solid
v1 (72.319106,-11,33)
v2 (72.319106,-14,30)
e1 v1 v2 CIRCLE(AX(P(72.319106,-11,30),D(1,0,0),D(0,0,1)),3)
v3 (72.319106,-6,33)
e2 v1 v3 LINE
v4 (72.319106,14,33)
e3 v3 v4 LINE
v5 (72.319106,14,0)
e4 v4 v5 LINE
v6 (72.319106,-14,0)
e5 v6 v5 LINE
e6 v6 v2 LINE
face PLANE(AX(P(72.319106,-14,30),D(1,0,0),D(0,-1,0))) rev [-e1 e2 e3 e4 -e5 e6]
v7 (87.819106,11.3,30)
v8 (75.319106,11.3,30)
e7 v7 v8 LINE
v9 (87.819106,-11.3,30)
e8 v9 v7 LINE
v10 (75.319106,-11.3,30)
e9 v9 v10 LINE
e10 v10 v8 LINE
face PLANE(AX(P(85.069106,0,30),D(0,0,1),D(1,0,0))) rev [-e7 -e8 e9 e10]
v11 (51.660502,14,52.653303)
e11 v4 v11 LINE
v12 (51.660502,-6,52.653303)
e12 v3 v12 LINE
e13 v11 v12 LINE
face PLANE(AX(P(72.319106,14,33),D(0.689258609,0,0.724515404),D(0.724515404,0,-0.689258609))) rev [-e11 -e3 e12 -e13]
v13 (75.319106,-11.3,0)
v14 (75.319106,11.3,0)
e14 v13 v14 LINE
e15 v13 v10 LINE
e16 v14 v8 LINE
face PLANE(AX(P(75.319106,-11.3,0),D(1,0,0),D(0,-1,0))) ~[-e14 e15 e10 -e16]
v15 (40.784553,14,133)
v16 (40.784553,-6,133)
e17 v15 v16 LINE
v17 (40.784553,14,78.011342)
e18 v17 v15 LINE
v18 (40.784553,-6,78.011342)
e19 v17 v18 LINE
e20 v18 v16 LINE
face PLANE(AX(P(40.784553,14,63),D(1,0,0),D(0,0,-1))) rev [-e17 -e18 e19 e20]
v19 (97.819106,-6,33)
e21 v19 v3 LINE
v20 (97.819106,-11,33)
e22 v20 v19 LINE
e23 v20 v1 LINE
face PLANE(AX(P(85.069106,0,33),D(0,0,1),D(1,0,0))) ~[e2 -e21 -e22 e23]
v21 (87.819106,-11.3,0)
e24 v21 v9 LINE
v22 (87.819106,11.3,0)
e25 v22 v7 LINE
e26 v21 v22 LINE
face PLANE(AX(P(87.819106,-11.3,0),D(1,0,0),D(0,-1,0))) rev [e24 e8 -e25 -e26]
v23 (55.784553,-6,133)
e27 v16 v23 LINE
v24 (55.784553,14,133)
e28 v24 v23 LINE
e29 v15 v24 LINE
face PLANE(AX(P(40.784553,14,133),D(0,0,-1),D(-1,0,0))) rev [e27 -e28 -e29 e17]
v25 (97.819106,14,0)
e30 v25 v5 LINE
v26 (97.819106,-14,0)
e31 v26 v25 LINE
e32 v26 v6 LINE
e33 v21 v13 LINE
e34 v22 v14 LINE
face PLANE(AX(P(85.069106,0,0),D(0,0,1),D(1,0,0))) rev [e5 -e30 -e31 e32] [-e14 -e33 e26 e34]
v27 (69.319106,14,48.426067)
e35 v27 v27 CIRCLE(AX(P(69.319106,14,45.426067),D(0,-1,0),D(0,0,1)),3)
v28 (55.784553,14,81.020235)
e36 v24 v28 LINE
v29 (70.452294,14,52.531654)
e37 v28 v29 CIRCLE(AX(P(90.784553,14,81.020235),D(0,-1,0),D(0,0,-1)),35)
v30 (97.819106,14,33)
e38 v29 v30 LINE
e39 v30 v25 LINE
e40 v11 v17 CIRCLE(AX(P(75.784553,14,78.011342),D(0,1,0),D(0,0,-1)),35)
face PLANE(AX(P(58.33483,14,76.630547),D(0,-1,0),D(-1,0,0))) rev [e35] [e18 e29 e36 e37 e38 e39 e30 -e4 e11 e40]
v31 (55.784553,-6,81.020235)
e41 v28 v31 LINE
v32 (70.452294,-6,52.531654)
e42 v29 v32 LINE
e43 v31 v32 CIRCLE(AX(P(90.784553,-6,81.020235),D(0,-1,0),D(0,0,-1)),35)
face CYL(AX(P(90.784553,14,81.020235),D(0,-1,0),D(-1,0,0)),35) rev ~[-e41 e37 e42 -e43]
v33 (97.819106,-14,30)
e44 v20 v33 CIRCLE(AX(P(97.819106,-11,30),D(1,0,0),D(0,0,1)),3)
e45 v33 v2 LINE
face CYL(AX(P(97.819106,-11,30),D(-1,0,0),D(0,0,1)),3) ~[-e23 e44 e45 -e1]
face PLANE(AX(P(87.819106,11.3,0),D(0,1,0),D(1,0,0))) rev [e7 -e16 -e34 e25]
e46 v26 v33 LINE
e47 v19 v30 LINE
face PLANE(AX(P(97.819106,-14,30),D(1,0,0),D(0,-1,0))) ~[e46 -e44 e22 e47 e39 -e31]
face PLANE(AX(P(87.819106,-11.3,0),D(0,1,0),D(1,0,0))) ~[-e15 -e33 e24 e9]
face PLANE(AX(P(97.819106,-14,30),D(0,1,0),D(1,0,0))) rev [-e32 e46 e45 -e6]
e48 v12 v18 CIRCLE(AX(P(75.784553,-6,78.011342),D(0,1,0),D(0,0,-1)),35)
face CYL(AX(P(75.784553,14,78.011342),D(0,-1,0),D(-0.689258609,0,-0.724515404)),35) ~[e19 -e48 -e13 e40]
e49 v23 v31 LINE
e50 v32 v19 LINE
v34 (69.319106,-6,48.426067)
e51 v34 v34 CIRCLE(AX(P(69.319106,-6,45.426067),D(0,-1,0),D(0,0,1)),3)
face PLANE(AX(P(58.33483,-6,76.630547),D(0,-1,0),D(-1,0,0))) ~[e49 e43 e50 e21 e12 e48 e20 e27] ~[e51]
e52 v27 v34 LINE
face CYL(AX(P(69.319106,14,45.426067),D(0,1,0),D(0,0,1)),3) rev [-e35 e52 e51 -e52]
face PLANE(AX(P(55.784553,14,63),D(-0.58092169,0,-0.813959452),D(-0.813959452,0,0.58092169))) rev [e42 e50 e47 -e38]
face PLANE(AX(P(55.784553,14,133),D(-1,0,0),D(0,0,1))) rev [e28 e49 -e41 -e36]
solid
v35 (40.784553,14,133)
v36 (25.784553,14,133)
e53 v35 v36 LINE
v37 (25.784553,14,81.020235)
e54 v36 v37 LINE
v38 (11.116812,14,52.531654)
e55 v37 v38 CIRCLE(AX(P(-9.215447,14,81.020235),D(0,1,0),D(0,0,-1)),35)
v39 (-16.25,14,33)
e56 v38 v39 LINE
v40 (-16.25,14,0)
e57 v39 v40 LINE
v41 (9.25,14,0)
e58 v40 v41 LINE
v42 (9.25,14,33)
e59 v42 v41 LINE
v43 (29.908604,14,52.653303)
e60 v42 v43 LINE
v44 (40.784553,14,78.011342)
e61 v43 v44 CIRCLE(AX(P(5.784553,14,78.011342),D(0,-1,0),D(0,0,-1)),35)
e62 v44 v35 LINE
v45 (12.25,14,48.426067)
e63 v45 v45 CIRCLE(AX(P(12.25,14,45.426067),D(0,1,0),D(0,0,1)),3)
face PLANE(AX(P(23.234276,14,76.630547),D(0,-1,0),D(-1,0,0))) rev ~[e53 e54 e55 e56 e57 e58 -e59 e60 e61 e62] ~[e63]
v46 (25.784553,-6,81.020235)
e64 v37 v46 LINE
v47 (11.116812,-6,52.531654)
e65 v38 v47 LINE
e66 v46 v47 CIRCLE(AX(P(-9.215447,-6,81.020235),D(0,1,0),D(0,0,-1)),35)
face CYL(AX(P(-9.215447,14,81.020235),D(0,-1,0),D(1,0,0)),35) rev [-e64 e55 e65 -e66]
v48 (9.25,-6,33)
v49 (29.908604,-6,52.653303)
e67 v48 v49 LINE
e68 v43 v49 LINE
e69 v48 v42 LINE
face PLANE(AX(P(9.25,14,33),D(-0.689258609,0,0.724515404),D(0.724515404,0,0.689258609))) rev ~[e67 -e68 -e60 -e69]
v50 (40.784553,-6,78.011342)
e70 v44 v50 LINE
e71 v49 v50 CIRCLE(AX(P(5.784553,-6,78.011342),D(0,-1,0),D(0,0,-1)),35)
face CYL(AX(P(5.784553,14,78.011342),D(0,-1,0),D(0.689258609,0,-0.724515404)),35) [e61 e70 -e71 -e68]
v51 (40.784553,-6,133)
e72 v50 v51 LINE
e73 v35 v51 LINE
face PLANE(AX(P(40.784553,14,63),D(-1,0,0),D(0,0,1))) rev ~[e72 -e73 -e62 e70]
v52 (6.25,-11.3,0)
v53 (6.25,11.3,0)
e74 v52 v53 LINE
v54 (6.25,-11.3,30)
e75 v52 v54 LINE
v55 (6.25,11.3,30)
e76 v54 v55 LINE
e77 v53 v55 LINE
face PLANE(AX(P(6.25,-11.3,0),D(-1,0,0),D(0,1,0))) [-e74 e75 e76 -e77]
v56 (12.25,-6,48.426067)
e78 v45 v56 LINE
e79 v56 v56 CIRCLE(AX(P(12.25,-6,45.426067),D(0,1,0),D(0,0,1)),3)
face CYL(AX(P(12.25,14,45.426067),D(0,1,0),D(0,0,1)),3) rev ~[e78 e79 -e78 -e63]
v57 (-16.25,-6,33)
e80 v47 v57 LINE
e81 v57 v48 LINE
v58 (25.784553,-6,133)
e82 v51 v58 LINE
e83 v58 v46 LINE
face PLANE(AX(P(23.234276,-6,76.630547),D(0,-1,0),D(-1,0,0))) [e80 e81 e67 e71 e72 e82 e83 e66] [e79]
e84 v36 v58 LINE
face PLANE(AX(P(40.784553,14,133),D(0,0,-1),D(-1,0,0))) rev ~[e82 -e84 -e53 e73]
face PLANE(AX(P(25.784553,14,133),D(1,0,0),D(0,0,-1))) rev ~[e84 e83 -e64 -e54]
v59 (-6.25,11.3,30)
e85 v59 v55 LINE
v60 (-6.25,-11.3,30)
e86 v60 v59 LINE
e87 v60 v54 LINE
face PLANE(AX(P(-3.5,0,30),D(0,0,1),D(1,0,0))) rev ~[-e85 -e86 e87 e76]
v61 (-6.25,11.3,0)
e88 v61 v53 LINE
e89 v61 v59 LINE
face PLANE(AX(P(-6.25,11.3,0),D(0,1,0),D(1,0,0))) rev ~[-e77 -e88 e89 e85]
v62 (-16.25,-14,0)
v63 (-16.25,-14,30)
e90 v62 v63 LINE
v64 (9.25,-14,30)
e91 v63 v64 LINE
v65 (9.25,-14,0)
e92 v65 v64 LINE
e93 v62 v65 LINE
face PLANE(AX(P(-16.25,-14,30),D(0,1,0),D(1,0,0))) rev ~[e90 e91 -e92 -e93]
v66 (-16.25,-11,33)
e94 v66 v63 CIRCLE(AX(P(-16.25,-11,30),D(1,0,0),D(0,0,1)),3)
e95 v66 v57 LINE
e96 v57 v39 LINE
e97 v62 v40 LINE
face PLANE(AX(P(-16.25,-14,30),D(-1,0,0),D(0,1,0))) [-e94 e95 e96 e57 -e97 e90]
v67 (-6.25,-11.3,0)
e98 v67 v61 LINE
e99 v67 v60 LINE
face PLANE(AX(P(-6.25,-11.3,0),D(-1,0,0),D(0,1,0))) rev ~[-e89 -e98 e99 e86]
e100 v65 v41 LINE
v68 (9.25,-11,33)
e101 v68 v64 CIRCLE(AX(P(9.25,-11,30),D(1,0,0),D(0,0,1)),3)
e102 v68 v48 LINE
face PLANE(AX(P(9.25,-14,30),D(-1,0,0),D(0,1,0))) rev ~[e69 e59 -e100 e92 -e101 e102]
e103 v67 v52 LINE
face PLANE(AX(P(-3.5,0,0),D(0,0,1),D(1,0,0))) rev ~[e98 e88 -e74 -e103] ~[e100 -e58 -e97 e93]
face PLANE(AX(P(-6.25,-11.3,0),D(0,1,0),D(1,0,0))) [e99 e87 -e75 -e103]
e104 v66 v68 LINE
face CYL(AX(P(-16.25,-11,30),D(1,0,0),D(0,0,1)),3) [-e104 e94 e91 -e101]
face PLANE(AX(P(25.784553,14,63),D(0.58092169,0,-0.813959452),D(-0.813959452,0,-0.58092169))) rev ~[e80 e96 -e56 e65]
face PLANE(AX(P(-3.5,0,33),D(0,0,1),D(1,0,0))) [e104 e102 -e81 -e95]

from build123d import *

# Parameters (mm, degrees)
SKETCH_1_W          = 25.5
SKETCH_1_H          = 28
SKETCH_1_W_2        = 12.5
SKETCH_1_H_2        = 22.6
EXTRUDE_1_DEPTH     = 30
SKETCH_2_W          = 25.5
SKETCH_2_H          = 28
EXTRUDE_2_DEPTH     = 3
EXTRUDE_4_DEPTH     = 20
FILLET_5_R          = 3
FILLET_7_R          = 35
SKETCH_8_R          = 3
CUT_EXTRUDE_1_DEPTH = 30


with BuildPart() as part:
    # 스케치1 → 보스-돌출1 (new body)
    with BuildSketch(Plane.XY):
        with Locations((-3.5, 0)):
            Rectangle(SKETCH_1_W, SKETCH_1_H)
        Rectangle(SKETCH_1_W_2, SKETCH_1_H_2, mode=Mode.SUBTRACT)
    extrude(amount=EXTRUDE_1_DEPTH)

    # 스케치2 → 보스-돌출2 (add)
    with BuildSketch(Plane.XY.offset(30)):
        with Locations((-3.5, 0)):
            Rectangle(SKETCH_2_W, SKETCH_2_H)
    extrude(amount=EXTRUDE_2_DEPTH)

    # 스케치7 → 보스-돌출4 (add)
    with BuildSketch(Plane(origin=(0, 14, 0), x_dir=(1, 0, 0), z_dir=(0, 1, 0))):
        Polygon((9.25, -33), (40.784552994, -63), (40.784552994, -133), (25.784552994, -133), (25.784552994, -63), (-16.25, -33), align=None)
    extrude(amount=-EXTRUDE_4_DEPTH)

    # 필렛5
    fillet_5_edges = [part.edges().sort_by_distance(p)[0] for p in [
        (-3.5, -14, 33),
    ]]
    fillet(fillet_5_edges, radius=FILLET_5_R)

    # 필렛7
    fillet_7_edges = [part.edges().sort_by_distance(p)[0] for p in [
        (40.784552994, 4, 63),
        (25.784552994, 4, 63),
    ]]
    fillet(fillet_7_edges, radius=FILLET_7_R)

    # 스케치8 → 컷-돌출1 (cut)
    with BuildSketch(Plane(origin=(0, 14, 0), x_dir=(1, 0, 0), z_dir=(0, 1, 0))):
        with Locations(Location((12.25, -45.426066506, 0), (0, 0, 270))):
            Circle(SKETCH_8_R)
    extrude(amount=-CUT_EXTRUDE_1_DEPTH, mode=Mode.SUBTRACT)


with BuildPart() as body_2:
    # 대칭 복사3: mirrored copy
    add(part.part.mirror(Plane(origin=(40.784552994, -6, 133), x_dir=(0, 0, 1), z_dir=(1, 0, 0))))


solid = Compound([part.part, body_2.part])
